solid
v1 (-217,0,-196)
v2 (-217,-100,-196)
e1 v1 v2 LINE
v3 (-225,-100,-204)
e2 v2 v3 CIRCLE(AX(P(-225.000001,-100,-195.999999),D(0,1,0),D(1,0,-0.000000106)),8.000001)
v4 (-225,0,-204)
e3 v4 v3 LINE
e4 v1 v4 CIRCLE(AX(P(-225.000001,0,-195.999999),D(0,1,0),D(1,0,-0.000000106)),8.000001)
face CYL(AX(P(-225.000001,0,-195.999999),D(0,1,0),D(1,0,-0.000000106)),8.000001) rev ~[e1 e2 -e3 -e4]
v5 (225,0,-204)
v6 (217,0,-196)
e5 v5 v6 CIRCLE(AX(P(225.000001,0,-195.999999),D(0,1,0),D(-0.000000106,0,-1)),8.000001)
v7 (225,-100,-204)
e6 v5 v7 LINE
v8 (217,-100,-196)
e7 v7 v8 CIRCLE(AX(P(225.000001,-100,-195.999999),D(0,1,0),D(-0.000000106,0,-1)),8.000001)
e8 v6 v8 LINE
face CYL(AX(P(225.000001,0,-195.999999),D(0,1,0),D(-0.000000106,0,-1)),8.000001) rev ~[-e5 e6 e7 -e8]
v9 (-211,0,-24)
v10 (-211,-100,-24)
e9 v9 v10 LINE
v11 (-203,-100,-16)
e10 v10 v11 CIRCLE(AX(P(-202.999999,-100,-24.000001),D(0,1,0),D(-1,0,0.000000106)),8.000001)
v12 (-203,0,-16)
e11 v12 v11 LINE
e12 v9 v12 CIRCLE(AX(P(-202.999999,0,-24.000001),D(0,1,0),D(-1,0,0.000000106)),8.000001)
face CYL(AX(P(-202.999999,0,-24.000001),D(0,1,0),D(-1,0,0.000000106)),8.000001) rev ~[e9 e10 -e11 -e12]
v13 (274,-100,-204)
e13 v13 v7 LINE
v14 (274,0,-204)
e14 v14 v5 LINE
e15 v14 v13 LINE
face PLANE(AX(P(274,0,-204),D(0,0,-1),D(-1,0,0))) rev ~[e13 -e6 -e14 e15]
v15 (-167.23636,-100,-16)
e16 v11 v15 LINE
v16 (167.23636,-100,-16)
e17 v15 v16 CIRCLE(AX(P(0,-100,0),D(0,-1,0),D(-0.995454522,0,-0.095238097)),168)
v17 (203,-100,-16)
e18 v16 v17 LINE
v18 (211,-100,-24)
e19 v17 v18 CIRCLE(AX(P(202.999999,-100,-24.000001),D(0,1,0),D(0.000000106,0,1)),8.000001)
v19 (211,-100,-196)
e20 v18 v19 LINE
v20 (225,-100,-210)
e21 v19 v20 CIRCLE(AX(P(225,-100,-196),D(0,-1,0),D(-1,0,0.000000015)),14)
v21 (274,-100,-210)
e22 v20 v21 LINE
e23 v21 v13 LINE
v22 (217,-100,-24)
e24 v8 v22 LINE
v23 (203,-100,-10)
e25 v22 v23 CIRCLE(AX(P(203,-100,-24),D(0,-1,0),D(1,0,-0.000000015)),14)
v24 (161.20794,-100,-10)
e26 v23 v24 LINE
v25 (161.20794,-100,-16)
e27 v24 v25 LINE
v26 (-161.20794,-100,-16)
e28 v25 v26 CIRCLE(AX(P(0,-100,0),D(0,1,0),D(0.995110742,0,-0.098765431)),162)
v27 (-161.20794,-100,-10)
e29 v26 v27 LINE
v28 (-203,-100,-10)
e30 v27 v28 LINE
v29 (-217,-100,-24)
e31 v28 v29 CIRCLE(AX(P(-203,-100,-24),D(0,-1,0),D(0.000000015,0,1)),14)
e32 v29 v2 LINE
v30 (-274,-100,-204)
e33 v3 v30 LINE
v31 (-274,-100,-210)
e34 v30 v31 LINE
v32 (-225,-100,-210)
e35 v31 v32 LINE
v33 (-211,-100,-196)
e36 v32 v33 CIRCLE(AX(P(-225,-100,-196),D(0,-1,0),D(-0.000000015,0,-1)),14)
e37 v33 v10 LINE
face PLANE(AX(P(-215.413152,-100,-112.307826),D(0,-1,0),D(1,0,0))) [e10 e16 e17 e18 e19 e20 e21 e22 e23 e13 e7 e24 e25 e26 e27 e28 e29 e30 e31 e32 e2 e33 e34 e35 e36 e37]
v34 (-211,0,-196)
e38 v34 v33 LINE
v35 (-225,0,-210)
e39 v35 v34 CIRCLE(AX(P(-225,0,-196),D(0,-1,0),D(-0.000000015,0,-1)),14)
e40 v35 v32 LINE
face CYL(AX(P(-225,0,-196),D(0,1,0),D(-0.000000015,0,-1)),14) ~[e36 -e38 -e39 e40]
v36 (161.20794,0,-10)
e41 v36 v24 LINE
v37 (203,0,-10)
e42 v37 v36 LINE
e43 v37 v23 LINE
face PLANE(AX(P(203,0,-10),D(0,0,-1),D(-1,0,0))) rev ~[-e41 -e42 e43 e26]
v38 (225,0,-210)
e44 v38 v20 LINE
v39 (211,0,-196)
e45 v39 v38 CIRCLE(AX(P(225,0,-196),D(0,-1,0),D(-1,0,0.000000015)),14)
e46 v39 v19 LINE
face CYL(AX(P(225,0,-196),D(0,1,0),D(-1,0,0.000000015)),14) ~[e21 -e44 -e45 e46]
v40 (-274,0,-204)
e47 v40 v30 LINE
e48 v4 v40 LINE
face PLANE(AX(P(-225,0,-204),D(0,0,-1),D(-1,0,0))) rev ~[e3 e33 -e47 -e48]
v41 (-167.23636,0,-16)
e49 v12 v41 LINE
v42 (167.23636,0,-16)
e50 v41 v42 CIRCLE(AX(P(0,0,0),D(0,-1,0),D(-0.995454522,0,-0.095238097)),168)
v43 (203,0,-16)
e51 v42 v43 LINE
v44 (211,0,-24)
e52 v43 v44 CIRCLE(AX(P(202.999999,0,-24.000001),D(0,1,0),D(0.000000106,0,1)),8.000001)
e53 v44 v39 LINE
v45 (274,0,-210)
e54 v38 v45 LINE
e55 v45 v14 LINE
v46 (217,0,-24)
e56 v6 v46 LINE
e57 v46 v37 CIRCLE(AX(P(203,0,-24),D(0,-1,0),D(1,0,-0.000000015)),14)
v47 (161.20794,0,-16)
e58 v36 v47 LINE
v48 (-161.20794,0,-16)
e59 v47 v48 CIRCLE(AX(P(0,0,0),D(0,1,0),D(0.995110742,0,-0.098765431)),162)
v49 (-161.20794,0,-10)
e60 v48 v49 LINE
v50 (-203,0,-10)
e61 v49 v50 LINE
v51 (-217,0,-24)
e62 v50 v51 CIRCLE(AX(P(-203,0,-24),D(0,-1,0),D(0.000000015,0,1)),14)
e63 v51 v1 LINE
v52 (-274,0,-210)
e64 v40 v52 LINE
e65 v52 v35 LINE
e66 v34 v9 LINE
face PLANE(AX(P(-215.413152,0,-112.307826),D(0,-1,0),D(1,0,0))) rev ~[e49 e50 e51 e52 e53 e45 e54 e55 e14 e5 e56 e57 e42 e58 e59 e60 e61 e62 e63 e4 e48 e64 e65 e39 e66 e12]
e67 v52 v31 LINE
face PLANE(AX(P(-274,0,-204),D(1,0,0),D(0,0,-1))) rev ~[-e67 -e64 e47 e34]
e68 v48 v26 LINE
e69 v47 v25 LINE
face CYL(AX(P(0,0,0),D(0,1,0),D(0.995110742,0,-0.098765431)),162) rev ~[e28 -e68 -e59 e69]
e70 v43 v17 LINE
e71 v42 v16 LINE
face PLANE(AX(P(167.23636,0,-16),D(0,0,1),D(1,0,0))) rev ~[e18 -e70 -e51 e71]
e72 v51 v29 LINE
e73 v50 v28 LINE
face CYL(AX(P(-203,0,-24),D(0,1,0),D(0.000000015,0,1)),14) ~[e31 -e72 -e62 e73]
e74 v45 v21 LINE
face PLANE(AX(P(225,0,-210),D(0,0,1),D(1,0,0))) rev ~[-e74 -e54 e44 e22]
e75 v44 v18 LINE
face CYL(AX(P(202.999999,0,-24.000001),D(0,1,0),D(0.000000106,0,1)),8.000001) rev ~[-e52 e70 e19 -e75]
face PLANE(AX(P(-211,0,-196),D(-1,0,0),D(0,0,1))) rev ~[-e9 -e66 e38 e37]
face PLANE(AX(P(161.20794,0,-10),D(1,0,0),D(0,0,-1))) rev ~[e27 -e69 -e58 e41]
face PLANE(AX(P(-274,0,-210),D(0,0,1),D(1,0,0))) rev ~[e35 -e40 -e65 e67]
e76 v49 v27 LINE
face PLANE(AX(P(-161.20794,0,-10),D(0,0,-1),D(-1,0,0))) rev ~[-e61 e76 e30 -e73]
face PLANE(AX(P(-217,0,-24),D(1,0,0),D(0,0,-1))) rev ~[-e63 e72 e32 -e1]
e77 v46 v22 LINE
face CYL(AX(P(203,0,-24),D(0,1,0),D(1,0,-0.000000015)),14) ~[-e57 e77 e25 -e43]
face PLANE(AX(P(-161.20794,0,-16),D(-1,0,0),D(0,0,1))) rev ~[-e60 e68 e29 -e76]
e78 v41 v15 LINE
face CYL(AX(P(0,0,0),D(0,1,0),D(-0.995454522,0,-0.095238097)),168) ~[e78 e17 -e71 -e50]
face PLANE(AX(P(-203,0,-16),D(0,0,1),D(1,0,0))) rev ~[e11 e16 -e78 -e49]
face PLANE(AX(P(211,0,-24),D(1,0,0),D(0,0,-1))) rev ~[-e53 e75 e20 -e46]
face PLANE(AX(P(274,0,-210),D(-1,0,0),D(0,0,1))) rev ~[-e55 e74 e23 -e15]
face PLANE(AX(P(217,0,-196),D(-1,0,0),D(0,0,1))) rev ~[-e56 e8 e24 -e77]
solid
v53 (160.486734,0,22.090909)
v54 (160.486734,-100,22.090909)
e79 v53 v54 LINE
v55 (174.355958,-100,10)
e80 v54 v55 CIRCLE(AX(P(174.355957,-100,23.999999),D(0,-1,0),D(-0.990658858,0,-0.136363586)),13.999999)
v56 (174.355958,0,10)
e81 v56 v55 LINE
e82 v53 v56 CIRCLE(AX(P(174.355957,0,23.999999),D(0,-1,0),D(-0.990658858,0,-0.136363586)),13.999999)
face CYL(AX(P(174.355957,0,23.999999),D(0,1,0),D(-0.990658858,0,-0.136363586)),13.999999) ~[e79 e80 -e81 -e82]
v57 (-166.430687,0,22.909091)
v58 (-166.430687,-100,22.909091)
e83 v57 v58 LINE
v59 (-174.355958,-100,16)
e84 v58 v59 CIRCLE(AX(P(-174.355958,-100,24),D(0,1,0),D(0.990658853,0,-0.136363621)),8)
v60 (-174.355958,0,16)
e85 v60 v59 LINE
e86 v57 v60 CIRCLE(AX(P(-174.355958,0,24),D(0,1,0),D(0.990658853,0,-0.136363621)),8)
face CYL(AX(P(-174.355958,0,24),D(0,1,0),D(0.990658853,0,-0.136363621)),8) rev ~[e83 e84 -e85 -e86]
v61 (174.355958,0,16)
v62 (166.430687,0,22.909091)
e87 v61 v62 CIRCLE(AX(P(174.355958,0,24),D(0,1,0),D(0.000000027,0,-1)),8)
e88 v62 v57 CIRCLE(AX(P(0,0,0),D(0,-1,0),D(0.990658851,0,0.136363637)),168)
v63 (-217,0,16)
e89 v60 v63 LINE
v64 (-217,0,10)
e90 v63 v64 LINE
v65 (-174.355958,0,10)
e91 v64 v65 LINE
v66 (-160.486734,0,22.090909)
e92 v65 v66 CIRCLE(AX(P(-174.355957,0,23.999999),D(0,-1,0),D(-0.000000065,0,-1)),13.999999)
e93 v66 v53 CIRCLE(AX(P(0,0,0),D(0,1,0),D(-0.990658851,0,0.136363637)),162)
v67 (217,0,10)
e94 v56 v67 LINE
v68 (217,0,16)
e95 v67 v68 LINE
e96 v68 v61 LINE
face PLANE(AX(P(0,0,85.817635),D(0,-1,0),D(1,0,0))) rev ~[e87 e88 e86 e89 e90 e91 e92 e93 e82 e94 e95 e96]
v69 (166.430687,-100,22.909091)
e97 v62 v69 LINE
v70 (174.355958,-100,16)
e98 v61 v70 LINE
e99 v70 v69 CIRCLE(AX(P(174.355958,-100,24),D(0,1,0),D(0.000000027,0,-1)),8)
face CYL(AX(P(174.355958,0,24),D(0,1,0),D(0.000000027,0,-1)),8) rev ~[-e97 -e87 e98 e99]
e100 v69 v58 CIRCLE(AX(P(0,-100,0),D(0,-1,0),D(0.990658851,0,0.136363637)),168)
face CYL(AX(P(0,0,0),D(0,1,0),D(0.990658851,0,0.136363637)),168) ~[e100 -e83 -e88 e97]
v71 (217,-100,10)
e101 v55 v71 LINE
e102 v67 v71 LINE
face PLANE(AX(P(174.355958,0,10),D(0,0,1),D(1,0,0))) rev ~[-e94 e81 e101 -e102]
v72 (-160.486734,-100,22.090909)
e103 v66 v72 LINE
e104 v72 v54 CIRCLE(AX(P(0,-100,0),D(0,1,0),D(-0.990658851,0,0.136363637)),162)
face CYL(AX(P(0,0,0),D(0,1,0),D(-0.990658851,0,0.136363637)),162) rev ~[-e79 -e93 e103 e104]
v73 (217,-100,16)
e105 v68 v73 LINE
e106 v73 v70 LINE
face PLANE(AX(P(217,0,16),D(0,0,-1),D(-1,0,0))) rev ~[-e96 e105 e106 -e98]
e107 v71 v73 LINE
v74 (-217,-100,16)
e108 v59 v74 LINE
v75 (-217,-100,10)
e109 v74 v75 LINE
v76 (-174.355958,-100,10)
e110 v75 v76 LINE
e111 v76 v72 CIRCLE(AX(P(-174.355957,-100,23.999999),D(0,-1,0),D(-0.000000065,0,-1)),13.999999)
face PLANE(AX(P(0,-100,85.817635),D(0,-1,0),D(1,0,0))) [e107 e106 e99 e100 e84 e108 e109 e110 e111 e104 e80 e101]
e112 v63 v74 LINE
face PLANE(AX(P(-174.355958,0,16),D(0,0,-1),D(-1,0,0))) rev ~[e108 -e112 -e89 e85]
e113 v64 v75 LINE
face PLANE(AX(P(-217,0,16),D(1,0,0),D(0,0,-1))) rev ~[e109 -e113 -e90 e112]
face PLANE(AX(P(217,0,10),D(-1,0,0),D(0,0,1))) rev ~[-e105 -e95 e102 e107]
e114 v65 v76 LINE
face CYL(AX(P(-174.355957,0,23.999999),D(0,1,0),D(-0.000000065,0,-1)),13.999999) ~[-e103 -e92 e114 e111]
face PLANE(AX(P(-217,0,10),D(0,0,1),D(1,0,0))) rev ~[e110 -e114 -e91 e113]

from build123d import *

# Parameters (mm, degrees)
F1_DEPTH = 100


with BuildPart() as f1:
    # F0 (on Front) → F1 (new body)
    with BuildSketch(Plane.XZ):
        with BuildLine():
            ThreePointArc((-160.486734, 22.090909), (0, 162), (160.486734, 22.090909))
            ThreePointArc((160.486734, 22.090909), (165.156155, 13.447103), (174.355958, 10))
            Line((174.355958, 10), (217, 10))
            Line((217, 10), (217, 16))
            Line((217, 16), (174.355958, 16))
            ThreePointArc((174.355958, 16), (169.098928, 17.969773), (166.430687, 22.909091))
            ThreePointArc((166.430687, 22.909091), (0, 168), (-166.430687, 22.909091))
            ThreePointArc((-166.430687, 22.909091), (-169.098928, 17.969773), (-174.355958, 16))
            Line((-174.355958, 16), (-217, 16))
            Line((-217, 16), (-217, 10))
            Line((-217, 10), (-174.355958, 10))
            ThreePointArc((-174.355958, 10), (-165.156155, 13.447103), (-160.486734, 22.090909))
        make_face()
        with BuildLine():
            Line((-161.20794, -10), (-203, -10))
            ThreePointArc((-203, -10), (-212.899495, -14.100505), (-217, -24))
            Line((-217, -24), (-217, -196))
            ThreePointArc((-217, -196), (-219.343146, -201.656854), (-225, -204))
            Line((-225, -204), (-274, -204))
            Line((-274, -204), (-274, -210))
            Line((-274, -210), (-225, -210))
            ThreePointArc((-225, -210), (-215.100505, -205.899495), (-211, -196))
            Line((-211, -196), (-211, -24))
            ThreePointArc((-211, -24), (-208.656854, -18.343146), (-203, -16))
            Line((-203, -16), (-167.23636, -16))
            Line((-167.23636, -16), (-161.20794, -16))
            Line((-161.20794, -16), (-161.20794, -10))
        make_face()
        with BuildLine():
            ThreePointArc((161.20794, -16), (0, -162), (-161.20794, -16))
            Line((-161.20794, -16), (-167.23636, -16))
            ThreePointArc((-167.23636, -16), (0, -168), (167.23636, -16))
            Line((167.23636, -16), (161.20794, -16))
        make_face()
        with BuildLine():
            Line((161.20794, -10), (161.20794, -16))
            Line((161.20794, -16), (167.23636, -16))
            Line((167.23636, -16), (203, -16))
            ThreePointArc((203, -16), (208.656854, -18.343146), (211, -24))
            Line((211, -24), (211, -196))
            ThreePointArc((211, -196), (215.100505, -205.899495), (225, -210))
            Line((225, -210), (274, -210))
            Line((274, -210), (274, -204))
            Line((274, -204), (225, -204))
            ThreePointArc((225, -204), (219.343146, -201.656854), (217, -196))
            Line((217, -196), (217, -24))
            ThreePointArc((217, -24), (212.899495, -14.100505), (203, -10))
            Line((203, -10), (161.20794, -10))
        make_face()
    extrude(amount=F1_DEPTH)


solid = f1.part
